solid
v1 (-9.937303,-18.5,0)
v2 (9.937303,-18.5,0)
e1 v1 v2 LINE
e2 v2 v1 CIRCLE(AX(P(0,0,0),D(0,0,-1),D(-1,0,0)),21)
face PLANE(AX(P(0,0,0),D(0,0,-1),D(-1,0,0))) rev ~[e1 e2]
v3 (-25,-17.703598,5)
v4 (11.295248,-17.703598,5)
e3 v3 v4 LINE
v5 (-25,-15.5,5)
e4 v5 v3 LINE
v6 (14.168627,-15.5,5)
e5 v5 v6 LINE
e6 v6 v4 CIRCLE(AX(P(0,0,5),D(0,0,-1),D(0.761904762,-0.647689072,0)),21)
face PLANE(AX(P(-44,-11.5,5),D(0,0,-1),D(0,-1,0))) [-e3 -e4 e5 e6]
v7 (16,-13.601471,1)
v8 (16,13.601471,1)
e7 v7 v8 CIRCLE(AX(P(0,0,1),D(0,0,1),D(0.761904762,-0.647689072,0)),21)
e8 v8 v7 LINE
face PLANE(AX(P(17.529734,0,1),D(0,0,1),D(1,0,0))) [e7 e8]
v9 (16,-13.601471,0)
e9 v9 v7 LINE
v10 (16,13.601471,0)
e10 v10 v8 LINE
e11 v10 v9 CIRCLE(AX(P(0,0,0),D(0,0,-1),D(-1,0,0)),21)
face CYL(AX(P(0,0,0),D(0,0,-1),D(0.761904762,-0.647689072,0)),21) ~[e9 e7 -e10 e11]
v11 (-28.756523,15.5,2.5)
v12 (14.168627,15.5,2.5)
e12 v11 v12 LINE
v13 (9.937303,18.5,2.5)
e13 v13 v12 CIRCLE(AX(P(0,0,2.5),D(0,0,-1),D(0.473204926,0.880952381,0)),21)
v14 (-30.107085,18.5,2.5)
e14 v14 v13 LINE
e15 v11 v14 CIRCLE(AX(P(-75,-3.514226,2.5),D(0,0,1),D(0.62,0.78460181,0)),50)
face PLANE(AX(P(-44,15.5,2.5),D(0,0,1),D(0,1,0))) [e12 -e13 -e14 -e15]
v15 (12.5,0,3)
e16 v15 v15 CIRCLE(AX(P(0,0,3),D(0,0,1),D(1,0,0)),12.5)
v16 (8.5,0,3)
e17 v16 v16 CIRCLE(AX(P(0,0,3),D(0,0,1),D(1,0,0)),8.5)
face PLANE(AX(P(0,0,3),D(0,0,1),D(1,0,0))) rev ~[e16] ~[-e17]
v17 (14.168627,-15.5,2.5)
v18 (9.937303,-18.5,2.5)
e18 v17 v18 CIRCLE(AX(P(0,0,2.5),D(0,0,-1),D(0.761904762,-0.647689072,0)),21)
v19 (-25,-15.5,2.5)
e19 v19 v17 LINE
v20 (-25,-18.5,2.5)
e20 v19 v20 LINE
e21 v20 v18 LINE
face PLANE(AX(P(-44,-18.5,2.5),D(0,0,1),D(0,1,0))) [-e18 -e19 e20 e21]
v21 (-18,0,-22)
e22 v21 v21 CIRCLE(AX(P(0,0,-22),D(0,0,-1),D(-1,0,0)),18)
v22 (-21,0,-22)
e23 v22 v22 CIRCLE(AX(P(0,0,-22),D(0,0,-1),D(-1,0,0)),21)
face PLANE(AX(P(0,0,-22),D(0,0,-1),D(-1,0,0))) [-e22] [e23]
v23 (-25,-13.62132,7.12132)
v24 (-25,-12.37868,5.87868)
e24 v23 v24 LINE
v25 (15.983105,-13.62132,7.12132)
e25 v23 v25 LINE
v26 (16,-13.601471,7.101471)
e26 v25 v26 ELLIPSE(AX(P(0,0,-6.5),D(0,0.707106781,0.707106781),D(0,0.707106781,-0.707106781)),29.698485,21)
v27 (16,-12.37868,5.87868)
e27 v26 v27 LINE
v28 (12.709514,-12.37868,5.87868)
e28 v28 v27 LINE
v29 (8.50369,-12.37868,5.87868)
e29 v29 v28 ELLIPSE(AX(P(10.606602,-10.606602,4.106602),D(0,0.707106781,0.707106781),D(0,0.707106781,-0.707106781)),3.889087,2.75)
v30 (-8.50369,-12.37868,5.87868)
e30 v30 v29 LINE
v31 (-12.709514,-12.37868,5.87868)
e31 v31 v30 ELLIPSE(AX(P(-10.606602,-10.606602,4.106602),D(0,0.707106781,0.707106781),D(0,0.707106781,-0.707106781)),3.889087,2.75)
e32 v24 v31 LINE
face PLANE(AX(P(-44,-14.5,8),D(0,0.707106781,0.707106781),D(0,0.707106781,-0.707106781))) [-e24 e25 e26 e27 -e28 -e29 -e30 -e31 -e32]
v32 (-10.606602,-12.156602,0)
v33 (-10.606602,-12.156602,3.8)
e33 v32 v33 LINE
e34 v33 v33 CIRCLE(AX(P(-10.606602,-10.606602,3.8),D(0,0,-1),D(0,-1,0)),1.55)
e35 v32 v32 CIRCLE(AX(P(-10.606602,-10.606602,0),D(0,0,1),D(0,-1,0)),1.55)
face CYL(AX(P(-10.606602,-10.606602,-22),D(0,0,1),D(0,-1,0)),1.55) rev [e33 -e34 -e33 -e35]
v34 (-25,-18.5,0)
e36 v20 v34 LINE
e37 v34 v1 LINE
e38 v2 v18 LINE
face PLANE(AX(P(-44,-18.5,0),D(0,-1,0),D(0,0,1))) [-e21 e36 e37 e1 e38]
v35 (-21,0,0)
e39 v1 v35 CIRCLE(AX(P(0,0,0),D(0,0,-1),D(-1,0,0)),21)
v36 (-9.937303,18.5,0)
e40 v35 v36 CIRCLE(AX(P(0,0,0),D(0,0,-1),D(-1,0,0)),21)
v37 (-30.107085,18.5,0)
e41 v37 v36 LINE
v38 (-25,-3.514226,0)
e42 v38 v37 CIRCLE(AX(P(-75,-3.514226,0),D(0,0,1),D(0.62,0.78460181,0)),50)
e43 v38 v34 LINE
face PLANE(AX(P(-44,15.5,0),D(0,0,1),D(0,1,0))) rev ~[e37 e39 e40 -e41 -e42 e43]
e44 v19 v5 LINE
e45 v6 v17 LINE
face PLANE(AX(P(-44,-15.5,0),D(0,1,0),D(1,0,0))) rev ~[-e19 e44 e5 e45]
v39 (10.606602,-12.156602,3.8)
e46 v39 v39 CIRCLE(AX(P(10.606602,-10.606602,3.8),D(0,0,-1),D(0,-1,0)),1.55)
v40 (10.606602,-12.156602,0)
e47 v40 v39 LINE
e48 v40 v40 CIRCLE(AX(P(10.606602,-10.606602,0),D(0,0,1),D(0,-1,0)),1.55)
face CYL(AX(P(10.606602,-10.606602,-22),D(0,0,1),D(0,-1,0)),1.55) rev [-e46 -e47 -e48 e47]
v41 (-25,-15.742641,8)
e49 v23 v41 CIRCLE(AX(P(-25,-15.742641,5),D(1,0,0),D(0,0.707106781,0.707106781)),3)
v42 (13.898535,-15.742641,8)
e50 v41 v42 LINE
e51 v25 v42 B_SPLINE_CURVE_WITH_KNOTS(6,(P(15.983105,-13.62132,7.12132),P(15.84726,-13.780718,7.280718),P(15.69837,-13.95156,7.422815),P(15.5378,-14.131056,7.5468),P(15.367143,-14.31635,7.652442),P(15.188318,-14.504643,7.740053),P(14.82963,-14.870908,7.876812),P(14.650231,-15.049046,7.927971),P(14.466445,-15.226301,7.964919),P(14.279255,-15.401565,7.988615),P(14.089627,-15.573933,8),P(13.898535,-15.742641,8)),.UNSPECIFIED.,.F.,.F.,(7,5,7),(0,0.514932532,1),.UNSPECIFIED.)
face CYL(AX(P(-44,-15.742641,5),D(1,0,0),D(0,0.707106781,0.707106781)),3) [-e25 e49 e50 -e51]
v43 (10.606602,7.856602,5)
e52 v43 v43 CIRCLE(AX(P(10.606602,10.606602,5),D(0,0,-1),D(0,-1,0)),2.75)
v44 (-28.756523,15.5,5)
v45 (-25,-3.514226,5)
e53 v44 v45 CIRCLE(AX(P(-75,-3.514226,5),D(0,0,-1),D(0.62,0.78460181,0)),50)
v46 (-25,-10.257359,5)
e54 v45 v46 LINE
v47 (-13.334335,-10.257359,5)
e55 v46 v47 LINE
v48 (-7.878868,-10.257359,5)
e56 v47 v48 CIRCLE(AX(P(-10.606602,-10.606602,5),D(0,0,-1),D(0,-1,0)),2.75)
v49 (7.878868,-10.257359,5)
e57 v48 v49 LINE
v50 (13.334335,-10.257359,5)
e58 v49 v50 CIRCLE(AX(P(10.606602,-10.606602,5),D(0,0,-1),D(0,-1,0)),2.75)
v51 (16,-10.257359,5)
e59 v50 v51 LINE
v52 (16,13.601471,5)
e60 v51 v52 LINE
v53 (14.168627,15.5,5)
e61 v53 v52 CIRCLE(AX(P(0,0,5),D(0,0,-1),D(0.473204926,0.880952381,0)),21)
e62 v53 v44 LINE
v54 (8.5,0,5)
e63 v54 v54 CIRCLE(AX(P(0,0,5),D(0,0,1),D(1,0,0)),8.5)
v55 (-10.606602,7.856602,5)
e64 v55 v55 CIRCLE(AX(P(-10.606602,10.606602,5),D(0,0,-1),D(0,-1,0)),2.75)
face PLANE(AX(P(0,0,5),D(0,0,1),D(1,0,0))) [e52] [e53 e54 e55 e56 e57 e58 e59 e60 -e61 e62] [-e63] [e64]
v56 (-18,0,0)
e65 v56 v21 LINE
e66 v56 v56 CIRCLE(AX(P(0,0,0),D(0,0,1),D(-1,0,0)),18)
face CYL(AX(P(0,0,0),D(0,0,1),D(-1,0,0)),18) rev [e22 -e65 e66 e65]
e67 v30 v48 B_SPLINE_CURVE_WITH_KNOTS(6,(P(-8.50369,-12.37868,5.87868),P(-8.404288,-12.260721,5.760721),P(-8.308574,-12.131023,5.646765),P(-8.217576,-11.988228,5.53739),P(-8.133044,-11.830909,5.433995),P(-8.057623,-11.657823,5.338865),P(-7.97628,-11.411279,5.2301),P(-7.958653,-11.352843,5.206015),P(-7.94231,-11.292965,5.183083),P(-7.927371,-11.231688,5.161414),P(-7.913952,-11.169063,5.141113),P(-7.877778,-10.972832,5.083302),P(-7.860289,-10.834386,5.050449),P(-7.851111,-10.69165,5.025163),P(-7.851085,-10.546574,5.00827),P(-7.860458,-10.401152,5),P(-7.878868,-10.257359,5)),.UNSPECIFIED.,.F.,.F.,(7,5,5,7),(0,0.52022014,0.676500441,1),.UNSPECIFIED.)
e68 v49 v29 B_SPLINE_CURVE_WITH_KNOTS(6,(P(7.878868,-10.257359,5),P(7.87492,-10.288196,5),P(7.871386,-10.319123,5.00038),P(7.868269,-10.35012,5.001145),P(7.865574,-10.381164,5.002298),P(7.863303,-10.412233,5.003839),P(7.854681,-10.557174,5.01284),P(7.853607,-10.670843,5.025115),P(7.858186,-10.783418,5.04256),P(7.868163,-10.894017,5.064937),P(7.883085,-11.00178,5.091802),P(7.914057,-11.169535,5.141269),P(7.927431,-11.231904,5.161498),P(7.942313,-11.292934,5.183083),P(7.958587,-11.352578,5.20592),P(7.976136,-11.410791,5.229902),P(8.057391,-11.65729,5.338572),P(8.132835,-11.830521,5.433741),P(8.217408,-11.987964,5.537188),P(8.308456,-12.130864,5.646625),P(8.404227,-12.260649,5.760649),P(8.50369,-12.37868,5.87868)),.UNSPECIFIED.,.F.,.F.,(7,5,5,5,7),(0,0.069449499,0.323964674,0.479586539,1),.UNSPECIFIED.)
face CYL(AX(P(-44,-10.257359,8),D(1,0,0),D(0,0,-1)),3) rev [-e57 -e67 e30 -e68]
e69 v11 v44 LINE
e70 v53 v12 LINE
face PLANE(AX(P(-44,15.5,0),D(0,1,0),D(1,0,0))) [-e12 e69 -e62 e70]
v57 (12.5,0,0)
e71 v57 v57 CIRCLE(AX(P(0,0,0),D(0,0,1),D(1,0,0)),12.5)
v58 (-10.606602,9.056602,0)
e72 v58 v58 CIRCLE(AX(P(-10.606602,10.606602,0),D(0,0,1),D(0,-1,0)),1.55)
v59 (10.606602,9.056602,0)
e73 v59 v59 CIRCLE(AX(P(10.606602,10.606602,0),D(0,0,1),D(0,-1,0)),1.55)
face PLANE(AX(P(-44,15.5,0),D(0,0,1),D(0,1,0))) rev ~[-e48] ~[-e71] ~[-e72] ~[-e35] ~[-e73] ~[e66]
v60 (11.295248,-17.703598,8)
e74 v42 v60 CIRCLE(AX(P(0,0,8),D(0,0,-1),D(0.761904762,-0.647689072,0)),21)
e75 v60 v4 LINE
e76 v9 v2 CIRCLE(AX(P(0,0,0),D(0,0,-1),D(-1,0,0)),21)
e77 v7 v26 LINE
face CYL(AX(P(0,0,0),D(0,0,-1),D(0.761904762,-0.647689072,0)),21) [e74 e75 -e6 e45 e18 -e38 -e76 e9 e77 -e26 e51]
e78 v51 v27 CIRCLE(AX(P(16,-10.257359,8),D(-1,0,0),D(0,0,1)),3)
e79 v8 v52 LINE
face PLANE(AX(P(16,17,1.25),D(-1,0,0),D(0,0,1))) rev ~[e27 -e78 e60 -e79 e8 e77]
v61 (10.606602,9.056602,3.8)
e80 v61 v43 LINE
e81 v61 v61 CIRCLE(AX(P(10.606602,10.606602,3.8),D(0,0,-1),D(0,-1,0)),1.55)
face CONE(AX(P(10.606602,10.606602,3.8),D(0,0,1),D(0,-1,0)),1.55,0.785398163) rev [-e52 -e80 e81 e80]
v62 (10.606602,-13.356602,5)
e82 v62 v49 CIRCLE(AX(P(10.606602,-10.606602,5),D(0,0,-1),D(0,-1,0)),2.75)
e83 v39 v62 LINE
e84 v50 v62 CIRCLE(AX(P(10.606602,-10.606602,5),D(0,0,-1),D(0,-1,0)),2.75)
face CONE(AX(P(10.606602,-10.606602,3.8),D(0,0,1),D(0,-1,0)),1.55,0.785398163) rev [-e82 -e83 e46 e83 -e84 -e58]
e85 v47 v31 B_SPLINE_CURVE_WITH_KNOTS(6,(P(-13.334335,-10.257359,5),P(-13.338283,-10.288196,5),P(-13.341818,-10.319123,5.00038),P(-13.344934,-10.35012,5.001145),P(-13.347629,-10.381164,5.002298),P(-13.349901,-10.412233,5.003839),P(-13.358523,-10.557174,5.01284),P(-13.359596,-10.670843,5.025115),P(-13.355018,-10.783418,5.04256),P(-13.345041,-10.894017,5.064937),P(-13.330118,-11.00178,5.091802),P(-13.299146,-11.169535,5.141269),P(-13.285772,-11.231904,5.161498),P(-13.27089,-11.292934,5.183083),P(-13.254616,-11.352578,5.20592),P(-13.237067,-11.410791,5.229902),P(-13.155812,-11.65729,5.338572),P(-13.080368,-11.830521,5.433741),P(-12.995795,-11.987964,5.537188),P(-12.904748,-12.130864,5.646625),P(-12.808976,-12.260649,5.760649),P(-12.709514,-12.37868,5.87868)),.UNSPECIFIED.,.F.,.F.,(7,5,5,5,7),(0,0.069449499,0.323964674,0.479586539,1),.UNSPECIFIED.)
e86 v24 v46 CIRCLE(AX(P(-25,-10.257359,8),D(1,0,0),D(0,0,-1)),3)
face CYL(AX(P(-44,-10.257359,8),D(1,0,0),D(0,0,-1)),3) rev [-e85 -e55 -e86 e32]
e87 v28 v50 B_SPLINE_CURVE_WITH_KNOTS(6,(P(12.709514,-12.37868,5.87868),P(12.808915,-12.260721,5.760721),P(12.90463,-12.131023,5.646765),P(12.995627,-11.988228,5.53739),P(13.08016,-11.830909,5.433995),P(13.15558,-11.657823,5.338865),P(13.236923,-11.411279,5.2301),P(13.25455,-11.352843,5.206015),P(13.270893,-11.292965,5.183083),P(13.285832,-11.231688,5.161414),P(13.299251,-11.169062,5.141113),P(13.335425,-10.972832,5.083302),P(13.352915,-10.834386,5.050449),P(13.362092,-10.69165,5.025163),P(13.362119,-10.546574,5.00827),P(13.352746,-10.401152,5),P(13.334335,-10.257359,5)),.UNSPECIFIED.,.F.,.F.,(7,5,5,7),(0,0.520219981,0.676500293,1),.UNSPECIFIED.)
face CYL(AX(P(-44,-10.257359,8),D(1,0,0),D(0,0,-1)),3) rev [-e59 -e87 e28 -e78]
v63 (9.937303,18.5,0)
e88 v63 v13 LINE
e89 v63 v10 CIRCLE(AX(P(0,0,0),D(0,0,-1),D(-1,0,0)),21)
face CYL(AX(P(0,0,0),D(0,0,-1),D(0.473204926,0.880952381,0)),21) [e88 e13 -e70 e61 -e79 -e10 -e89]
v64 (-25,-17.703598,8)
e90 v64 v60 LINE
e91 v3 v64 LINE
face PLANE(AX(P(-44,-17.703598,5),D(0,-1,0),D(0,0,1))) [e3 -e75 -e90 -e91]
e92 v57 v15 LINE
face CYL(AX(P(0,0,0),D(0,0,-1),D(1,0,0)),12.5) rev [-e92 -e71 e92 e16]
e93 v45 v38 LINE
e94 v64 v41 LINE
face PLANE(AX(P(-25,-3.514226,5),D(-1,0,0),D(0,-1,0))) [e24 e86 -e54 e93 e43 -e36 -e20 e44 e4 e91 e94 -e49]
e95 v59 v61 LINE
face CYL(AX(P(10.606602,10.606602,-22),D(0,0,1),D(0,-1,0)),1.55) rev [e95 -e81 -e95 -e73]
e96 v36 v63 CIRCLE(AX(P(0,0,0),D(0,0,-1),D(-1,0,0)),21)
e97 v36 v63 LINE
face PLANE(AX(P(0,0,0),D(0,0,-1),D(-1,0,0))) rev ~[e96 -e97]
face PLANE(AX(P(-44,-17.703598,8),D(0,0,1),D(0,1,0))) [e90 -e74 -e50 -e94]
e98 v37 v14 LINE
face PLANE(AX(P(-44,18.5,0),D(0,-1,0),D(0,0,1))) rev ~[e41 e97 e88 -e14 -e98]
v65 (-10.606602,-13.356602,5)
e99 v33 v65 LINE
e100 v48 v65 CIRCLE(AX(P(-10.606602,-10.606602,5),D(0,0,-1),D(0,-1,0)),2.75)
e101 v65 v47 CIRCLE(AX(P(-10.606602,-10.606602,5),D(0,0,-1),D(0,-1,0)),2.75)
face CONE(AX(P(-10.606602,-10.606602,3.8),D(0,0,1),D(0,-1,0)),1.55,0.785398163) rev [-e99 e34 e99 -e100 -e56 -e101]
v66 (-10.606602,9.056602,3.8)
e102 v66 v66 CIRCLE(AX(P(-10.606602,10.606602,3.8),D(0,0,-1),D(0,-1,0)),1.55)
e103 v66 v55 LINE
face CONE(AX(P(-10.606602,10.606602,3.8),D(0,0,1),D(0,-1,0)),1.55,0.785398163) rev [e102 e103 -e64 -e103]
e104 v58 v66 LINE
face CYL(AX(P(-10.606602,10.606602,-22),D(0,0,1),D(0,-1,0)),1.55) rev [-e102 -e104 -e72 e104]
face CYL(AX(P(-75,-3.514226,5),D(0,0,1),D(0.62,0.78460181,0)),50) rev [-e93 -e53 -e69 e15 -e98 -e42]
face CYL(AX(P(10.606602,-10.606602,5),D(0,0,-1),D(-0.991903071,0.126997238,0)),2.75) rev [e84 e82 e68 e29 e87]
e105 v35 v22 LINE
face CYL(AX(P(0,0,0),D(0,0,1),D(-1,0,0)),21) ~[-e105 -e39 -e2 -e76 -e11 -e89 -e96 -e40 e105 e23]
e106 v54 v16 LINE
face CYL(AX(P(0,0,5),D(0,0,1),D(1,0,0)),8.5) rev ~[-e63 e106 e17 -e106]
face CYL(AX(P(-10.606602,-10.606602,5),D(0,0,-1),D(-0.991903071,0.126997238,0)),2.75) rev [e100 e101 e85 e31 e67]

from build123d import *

# Parameters (mm, degrees)
SZKIC1_W                                   = 60
SZKIC1_H                                   = 31
SZKIC1_R                                   = 12.5
DODANIE_WYCI_GNI_CIE1_DEPTH                = 5
SZKIC11_R                                  = 12.5
SZKIC11_R_2                                = 8.5
DODANIE_WYCI_GNI_CIE5_DEPTH                = 2
SZKIC7_W                                   = 2.5
SZKIC7_H                                   = 3
DODANIE_WYCI_GNI_CIE3_DEPTH                = 60
ZAOKR_GLENIE1_R                            = 3
WYTNIJ_WYCI_GNI_CIE1_DEPTH                 = 4
WYTNIJ_WYCI_GNI_CIE1_DEPTH_BACK            = 6
SZKIC3_R                                   = 21
SZKIC3_R_2                                 = 18
DODANIE_WYCI_GNI_CIE2_DEPTH                = 22
POG_BIENIE_STO_KOWE_POD_M2_5_RUB_Z_2_COUNT = 2
POG_BIENIE_STO_KOWE_POD_M2_5_RUB_Z_2_PITCH = 21.213203436
POG_BIENIE_STO_KOWE_POD_M2_5_RUB_Z_3_COUNT = 2
POG_BIENIE_STO_KOWE_POD_M2_5_RUB_Z_3_PITCH = 30
POG_BIENIE_STO_KOWE_POD_M2_5_RUB_Z_4_COUNT = 2
POG_BIENIE_STO_KOWE_POD_M2_5_RUB_Z_4_PITCH = 21.213203436
WYTNIJ_WYCI_GNI_CIE3_DEPTH                 = 4
DODANIE_WYCI_GNI_CIE4_DEPTH                = 1
WYTNIJ_WYCI_GNI_CIE2_DEPTH                 = 9


with BuildPart() as part:
    # Szkic1 → Dodanie-wyci_gni_cie1 (new body)
    with BuildSketch(Plane.XY):
        with Locations((-14, 0)):
            Rectangle(SZKIC1_W, SZKIC1_H)
        Circle(SZKIC1_R, mode=Mode.SUBTRACT)
    extrude(amount=DODANIE_WYCI_GNI_CIE1_DEPTH)

    # Szkic11 → Dodanie-wyci_gni_cie5 (add)
    with BuildSketch(Plane.XY.offset(5)):
        Circle(SZKIC11_R)
        Circle(SZKIC11_R_2, mode=Mode.SUBTRACT)
    extrude(amount=-DODANIE_WYCI_GNI_CIE5_DEPTH)

    # Szkic7 → Dodanie-wyci_gni_cie3 (add, through all)
    with BuildSketch(Plane.ZY.offset(44)):
        with Locations((1.25, 17)):
            Rectangle(SZKIC7_W, SZKIC7_H)
        with Locations((1.25, -17)):
            Rectangle(SZKIC7_W, SZKIC7_H)
        Polygon((5, -11.5), (5, -17.703597862), (8, -17.703597862), (8, -14.5), align=None)
    extrude(amount=-DODANIE_WYCI_GNI_CIE3_DEPTH)

    # Zaokr_glenie1
    zaokr_glenie1_edges = [part.edges().sort_by_distance(p)[0] for p in [
        (-14, -14.5, 8),
        (-14, -11.5, 5),
    ]]
    fillet(zaokr_glenie1_edges, radius=ZAOKR_GLENIE1_R)

    # Szkic2 → Wytnij-wyci_gni_cie1 (cut, two sides)
    with BuildSketch(Plane.XY.offset(5)) as wytnij_wyci_gni_cie1_sk:
        with BuildLine():
            Line((-25, -3.514225997), (-25, -20.5))
            Line((-25, -20.5), (-44, -20.5))
            Line((-44, -20.5), (-44, 35.715864495))
            ThreePointArc((-44, 35.715864495), (-30, 18.280268721), (-25, -3.514225997))
        make_face()
    extrude(amount=WYTNIJ_WYCI_GNI_CIE1_DEPTH, mode=Mode.SUBTRACT)
    extrude(wytnij_wyci_gni_cie1_sk.sketch, amount=-WYTNIJ_WYCI_GNI_CIE1_DEPTH_BACK, mode=Mode.SUBTRACT)

    # Szkic3 → Dodanie-wyci_gni_cie2 (add)
    with BuildSketch(Plane(origin=(0, 0, 0), x_dir=(-1, 0, 0), z_dir=(0, 0, -1))):
        Circle(SZKIC3_R)
        Circle(SZKIC3_R_2, mode=Mode.SUBTRACT)
    extrude(amount=DODANIE_WYCI_GNI_CIE2_DEPTH)

    # Szkic6 → Pog_bienie sto_kowe pod M2.5 _rub_ z _be (revolve, cut)
    with BuildSketch(Plane(origin=(-10.606601718, 10.606601718, 5), x_dir=(0, -1, 0), z_dir=(1, 0, 0))):
        Polygon((0, 0), (0, 27), (1.55, 27), (1.55, 1.2), (2.75, 0), align=None)
    pog_bienie_sto_kowe_pod_m2_5_rub_z_be = revolve(axis=Axis((-10.606601718, 10.606601718, 11.35), (0, 0, -1)), mode=Mode.SUBTRACT)

    # Pog_bienie sto_kowe pod M2.5 _rub_ z 2: Pog_bienie sto_kowe pod M2.5 _rub_ z _be ×2
    with Locations(*[(0, -i * POG_BIENIE_STO_KOWE_POD_M2_5_RUB_Z_2_PITCH, 0) for i in range(1, POG_BIENIE_STO_KOWE_POD_M2_5_RUB_Z_2_COUNT)]):
        add(pog_bienie_sto_kowe_pod_m2_5_rub_z_be, mode=Mode.SUBTRACT)

    # Pog_bienie sto_kowe pod M2.5 _rub_ z 3: Pog_bienie sto_kowe pod M2.5 _rub_ z _be ×2
    with Locations(*[Vector(0.707106781, -0.707106781, 0) * (i * POG_BIENIE_STO_KOWE_POD_M2_5_RUB_Z_3_PITCH) for i in range(1, POG_BIENIE_STO_KOWE_POD_M2_5_RUB_Z_3_COUNT)]):
        add(pog_bienie_sto_kowe_pod_m2_5_rub_z_be, mode=Mode.SUBTRACT)

    # Pog_bienie sto_kowe pod M2.5 _rub_ z 4: Pog_bienie sto_kowe pod M2.5 _rub_ z _be ×2
    with Locations(*[(i * POG_BIENIE_STO_KOWE_POD_M2_5_RUB_Z_4_PITCH, 0, 0) for i in range(1, POG_BIENIE_STO_KOWE_POD_M2_5_RUB_Z_4_COUNT)]):
        add(pog_bienie_sto_kowe_pod_m2_5_rub_z_be, mode=Mode.SUBTRACT)

    # Szkic15 → Wytnij-wyci_gni_cie3 (cut, through all)
    with BuildSketch(Plane.XY.offset(5)):
        with BuildLine():
            ThreePointArc((-13.334335162, -10.257359313), (-10.606601718, -13.356601718), (-7.878868274, -10.257359313))
            ThreePointArc((-7.878868274, -10.257359313), (-10.606601718, -7.856601718), (-13.334335162, -10.257359313))
        make_face()
        with BuildLine():
            ThreePointArc((7.878868274, -10.257359313), (10.606601718, -13.356601718), (13.334335162, -10.257359313))
            ThreePointArc((13.334335162, -10.257359313), (10.606601718, -7.856601718), (7.878868274, -10.257359313))
        make_face()
    extrude(amount=WYTNIJ_WYCI_GNI_CIE3_DEPTH, mode=Mode.SUBTRACT)

    # Szkic8 → Dodanie-wyci_gni_cie4 (add)
    with BuildSketch(Plane.XY):
        with BuildLine():
            Line((16, 13.601470509), (16, -13.601470509))
            ThreePointArc((16, -13.601470509), (21, 0), (16, 13.601470509))
        make_face()
    extrude(amount=DODANIE_WYCI_GNI_CIE4_DEPTH)

    # Szkic8_3 → Wytnij-wyci_gni_cie2 (cut, through all)
    with BuildSketch(Plane.XY):
        with BuildLine():
            ThreePointArc((9.937303457, 18.5), (13.19790989, 16.334478092), (16, 13.601470509))
            Line((16, 13.601470509), (16, 18.5))
            Line((16, 18.5), (9.937303457, 18.5))
        make_face()
        with BuildLine():
            Line((16, -18.5), (16, -13.601470509))
            ThreePointArc((16, -13.601470509), (13.19790989, -16.334478092), (9.937303457, -18.5))
            Line((9.937303457, -18.5), (16, -18.5))
        make_face()
    extrude(amount=WYTNIJ_WYCI_GNI_CIE2_DEPTH, mode=Mode.SUBTRACT)


solid = part.part
